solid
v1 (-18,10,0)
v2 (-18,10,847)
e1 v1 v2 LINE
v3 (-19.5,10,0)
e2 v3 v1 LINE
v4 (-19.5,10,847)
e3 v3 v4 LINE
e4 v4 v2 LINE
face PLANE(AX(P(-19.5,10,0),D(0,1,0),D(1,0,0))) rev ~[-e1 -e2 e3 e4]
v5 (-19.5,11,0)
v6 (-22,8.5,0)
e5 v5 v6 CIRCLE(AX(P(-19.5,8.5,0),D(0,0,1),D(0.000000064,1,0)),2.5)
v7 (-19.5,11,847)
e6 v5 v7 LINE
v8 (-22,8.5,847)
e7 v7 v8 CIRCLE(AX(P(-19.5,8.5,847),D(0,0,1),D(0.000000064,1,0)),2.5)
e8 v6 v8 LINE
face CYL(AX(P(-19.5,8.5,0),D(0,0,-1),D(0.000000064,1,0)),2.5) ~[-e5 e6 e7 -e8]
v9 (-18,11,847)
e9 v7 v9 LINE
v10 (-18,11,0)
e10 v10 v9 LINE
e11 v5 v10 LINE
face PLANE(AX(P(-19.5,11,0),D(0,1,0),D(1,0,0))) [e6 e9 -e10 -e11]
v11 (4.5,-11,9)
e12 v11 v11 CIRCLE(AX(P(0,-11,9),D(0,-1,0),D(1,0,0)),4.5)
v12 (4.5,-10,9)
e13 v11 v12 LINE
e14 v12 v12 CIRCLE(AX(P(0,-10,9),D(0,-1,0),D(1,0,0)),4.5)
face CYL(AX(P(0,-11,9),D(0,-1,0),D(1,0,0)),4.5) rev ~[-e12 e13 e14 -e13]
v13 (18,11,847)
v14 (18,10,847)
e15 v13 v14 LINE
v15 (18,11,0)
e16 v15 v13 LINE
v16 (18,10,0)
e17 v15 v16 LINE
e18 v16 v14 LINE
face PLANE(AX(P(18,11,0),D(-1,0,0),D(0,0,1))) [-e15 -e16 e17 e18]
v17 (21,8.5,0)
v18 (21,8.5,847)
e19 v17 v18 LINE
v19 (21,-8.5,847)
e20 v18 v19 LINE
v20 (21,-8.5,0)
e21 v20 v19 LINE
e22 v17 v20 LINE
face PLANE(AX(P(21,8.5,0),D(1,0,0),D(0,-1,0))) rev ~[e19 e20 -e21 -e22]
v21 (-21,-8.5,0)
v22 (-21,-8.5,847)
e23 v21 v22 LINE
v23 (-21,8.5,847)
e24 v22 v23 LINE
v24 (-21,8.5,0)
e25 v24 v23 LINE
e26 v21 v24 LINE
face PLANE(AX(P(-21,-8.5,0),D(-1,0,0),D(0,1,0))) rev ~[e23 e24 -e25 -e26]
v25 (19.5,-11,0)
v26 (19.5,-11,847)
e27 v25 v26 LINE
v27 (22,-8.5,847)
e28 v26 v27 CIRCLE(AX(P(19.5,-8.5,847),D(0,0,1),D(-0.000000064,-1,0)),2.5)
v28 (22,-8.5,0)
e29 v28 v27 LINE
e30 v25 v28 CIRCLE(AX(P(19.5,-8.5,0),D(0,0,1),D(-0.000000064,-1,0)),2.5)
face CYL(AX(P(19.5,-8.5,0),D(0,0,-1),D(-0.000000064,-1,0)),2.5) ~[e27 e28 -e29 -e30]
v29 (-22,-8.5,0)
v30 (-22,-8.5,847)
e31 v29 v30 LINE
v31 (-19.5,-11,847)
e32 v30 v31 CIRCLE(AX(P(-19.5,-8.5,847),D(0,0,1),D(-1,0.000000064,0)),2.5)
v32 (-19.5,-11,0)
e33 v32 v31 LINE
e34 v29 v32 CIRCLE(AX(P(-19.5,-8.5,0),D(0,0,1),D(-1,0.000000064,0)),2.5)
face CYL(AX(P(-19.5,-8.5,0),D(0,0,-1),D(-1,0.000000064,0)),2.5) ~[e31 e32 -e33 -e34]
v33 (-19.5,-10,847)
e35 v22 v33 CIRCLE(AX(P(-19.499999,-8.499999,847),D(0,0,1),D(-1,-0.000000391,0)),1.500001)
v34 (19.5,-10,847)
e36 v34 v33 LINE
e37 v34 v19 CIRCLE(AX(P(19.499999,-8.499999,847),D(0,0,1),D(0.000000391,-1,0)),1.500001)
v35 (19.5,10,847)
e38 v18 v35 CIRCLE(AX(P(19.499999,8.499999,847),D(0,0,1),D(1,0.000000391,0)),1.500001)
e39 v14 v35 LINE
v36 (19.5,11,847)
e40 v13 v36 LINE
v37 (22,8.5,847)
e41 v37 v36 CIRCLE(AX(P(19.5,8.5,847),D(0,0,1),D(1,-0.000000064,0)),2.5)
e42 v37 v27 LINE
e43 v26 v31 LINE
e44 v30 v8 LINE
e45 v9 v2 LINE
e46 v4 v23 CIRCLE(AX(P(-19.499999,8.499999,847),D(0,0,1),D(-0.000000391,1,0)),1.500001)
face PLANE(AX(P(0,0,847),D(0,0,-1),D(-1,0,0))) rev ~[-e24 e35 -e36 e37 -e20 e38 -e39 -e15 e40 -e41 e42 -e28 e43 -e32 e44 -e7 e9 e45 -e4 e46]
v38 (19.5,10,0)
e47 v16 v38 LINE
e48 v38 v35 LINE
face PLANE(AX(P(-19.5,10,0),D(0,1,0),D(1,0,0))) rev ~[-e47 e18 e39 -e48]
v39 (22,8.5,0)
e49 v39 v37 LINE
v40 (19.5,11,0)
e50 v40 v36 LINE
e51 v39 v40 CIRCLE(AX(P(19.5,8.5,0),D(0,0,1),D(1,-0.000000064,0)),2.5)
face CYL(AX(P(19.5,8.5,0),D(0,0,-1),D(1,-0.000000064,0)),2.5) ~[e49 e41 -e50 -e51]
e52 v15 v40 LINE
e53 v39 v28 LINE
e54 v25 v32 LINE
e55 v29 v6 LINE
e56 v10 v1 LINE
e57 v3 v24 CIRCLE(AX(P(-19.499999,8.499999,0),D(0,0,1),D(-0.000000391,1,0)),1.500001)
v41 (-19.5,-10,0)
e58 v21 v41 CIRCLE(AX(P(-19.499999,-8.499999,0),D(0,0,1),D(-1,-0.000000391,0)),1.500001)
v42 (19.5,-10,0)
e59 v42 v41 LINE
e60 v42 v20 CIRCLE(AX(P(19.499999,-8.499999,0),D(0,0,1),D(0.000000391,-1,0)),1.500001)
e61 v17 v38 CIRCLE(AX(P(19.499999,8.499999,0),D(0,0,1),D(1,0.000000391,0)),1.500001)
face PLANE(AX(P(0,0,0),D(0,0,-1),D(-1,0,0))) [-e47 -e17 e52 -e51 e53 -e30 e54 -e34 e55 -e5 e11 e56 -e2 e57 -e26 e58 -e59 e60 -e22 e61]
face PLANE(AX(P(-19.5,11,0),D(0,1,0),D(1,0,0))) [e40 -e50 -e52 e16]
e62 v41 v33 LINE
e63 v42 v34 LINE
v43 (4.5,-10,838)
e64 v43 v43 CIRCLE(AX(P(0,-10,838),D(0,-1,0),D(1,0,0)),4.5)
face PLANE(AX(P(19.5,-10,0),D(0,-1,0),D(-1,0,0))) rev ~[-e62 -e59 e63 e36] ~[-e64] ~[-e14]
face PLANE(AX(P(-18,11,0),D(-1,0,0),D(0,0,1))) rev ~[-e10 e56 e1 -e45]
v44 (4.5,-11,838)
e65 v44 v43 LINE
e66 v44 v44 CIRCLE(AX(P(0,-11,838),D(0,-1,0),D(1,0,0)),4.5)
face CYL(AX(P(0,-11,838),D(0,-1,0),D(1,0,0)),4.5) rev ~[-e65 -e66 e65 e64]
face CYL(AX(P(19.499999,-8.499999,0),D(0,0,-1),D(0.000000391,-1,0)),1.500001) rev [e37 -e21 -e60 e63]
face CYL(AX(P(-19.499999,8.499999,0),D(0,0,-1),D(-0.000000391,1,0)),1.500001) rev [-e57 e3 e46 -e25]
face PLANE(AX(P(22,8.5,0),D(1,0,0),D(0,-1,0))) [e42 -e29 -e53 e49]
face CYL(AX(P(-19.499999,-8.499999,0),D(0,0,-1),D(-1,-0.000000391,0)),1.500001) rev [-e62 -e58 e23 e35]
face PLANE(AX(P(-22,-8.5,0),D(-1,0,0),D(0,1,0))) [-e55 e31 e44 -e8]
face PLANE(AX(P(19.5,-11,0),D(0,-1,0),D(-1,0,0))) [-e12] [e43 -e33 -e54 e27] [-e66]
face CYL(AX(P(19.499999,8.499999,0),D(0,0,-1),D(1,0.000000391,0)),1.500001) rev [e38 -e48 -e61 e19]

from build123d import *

# Parameters (mm, degrees)
PAD002_DEPTH    = 847
SKETCH006_R     = 4.5
POCKET003_DEPTH = 5
SKETCH008_W     = 36
SKETCH008_H     = 847
POCKET005_DEPTH = 5


with BuildPart() as part:
    # Sketch005 → Pad002 (new body)
    with BuildSketch(Plane.XY):
        with BuildLine():
            Line((-19.5, 11), (19.5, 11))
            ThreePointArc((22, 8.5), (21.267767, 10.267767), (19.5, 11))
            Line((22, 8.5), (22, -8.5))
            ThreePointArc((19.5, -11), (21.267767, -10.267767), (22, -8.5))
            Line((19.5, -11), (-19.5, -11))
            ThreePointArc((-22, -8.5), (-21.267767, -10.267767), (-19.5, -11))
            Line((-22, -8.5), (-22, 8.5))
            ThreePointArc((-19.5, 11), (-21.267767, 10.267767), (-22, 8.5))
        make_face()
        with BuildLine():
            Line((-19.5, 10), (19.5, 10))
            ThreePointArc((21, 8.5), (20.56066, 9.56066), (19.5, 10))
            Line((21, 8.5), (21, -8.5))
            ThreePointArc((19.5, -10), (20.56066, -9.56066), (21, -8.5))
            Line((19.5, -10), (-19.5, -10))
            ThreePointArc((-21, -8.5), (-20.56066, -9.56066), (-19.5, -10))
            Line((-21, -8.5), (-21, 8.5))
            ThreePointArc((-19.5, 10), (-20.56066, 9.56066), (-21, 8.5))
        make_face(mode=Mode.SUBTRACT)
    extrude(amount=PAD002_DEPTH)

    # Sketch006 (on Face7 of Pad002) → Pocket003 (cut)
    with BuildSketch(Plane.XZ.offset(11)):
        with Locations((0, 9)):
            Circle(SKETCH006_R)
        with Locations((0, 838)):
            Circle(SKETCH006_R)
    extrude(amount=-POCKET003_DEPTH, mode=Mode.SUBTRACT)

    # Sketch008 (on Face7 of Pocket003) → Pocket005 (cut)
    with BuildSketch(Plane(origin=(0, 11, 0), x_dir=(-1, 0, 0), z_dir=(0, 1, 0))):
        with Locations((0, 423.5)):
            Rectangle(SKETCH008_W, SKETCH008_H)
    extrude(amount=-POCKET005_DEPTH, mode=Mode.SUBTRACT)


solid = part.part
